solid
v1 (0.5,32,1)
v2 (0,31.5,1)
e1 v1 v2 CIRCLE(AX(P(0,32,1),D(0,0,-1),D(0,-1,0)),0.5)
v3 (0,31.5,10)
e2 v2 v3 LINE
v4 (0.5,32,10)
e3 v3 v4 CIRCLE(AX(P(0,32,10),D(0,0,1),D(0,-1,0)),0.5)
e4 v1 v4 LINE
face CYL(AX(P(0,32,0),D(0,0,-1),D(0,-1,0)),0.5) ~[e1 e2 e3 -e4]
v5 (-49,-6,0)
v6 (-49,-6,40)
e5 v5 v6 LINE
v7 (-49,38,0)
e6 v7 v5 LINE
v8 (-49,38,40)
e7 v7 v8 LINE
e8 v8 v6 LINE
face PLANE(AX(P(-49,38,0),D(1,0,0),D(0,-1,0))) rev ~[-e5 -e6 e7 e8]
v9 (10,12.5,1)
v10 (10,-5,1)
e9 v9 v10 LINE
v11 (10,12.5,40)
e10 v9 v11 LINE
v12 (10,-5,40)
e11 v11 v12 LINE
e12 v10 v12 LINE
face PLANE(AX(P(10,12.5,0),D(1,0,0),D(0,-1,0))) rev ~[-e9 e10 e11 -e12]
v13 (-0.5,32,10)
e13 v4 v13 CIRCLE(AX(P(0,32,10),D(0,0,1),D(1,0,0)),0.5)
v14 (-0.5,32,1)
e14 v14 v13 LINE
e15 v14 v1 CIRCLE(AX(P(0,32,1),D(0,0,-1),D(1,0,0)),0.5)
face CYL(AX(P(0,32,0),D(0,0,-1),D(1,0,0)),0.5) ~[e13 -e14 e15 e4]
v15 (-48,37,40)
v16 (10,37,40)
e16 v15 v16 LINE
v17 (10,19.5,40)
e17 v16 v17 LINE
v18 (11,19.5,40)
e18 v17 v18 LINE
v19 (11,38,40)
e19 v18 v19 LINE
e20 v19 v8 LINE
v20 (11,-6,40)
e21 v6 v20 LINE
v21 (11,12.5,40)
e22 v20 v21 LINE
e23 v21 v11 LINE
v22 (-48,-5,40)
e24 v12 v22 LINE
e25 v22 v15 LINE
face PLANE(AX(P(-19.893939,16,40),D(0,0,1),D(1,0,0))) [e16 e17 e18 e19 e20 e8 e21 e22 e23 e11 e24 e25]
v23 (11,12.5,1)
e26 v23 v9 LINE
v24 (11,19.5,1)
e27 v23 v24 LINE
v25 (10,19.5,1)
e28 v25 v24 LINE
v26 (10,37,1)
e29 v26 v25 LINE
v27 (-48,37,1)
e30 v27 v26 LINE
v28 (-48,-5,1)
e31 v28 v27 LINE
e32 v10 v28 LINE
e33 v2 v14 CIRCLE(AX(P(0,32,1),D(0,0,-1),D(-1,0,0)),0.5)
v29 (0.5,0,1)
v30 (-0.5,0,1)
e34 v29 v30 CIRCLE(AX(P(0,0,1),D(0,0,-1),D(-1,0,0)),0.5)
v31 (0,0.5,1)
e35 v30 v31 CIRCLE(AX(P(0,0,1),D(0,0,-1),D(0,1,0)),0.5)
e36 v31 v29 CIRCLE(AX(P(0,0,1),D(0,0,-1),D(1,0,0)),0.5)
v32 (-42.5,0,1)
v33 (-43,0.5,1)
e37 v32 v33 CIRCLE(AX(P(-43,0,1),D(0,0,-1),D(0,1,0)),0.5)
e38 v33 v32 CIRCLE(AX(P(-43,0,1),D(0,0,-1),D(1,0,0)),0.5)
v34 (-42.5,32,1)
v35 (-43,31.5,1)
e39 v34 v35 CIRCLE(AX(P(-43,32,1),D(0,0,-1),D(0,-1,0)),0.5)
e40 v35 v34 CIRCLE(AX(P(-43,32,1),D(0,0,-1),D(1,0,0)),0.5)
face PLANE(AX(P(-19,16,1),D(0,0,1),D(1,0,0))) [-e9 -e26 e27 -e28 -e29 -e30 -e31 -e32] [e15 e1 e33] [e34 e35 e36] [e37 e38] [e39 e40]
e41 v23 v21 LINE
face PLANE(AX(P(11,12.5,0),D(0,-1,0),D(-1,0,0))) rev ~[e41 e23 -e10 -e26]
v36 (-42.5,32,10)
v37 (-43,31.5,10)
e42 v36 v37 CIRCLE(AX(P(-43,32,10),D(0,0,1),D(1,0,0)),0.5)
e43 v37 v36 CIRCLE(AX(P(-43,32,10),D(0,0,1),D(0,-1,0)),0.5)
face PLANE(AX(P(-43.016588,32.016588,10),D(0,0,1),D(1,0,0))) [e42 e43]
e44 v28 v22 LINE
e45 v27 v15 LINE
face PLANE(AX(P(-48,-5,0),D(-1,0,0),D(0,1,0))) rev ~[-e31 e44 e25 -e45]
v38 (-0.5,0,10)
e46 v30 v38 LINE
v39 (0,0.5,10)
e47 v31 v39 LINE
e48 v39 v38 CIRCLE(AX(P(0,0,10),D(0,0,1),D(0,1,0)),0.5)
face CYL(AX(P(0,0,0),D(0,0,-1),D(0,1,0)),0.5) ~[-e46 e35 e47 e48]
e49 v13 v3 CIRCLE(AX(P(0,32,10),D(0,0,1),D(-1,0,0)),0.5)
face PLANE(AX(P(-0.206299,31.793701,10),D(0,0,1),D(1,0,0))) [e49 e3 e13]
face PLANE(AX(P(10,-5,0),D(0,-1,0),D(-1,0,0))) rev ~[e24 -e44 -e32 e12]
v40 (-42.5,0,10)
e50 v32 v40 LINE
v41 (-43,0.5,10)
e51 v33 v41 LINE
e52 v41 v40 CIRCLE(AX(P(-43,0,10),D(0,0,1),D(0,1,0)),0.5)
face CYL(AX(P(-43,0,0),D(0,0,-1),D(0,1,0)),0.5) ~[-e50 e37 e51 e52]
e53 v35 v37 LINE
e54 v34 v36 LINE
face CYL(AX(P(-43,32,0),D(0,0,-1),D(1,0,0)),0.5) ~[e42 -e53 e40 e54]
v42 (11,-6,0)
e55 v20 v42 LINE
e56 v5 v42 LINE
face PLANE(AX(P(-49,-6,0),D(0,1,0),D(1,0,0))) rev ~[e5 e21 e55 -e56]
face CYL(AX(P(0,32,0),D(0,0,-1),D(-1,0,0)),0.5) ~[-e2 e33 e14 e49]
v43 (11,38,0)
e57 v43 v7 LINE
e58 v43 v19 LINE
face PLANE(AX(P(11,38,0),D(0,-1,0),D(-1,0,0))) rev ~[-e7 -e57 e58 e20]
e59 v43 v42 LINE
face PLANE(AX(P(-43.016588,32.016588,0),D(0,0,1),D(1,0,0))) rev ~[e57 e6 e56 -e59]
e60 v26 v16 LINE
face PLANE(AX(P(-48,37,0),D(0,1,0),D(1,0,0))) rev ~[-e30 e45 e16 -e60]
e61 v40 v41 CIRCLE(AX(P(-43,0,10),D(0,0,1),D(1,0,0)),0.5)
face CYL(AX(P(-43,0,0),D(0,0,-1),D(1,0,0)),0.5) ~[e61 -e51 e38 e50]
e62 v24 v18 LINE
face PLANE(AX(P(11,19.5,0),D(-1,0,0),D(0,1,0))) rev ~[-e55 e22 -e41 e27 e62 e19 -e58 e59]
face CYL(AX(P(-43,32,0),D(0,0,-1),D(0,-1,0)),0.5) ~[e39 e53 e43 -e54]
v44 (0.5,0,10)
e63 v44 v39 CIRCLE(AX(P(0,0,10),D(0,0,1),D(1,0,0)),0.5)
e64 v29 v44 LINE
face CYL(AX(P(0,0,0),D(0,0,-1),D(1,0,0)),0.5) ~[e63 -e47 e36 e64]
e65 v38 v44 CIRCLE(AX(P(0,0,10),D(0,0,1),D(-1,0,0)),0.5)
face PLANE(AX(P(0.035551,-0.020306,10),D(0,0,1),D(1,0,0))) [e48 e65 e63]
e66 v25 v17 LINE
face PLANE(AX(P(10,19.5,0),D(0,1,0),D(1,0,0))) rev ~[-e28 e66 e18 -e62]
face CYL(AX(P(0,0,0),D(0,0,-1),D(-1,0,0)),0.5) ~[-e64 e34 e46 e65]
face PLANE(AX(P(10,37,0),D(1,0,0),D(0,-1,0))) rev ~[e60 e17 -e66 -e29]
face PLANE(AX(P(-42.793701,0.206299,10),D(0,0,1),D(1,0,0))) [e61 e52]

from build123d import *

# Parameters (mm, degrees)
F1_DEPTH = 40
F0_W     = 1
F0_H     = 7
F2_DEPTH = 1
F3_DEPTH = 10


with BuildPart() as f1:
    # F0 (on Top) → F1 (new body)
    with BuildSketch(Plane.XY):
        Polygon((10, -5), (-48, -5), (-48, 37), (10, 37), (10, 19.5), (11, 19.5), (11, 38), (-49, 38), (-49, -6), (11, -6), (11, 12.5), (10, 12.5), align=None)
    extrude(amount=F1_DEPTH)

    # F0 (on Top) → F2 (join)
    with BuildSketch(Plane.XY):
        Polygon((-48, 37), (-48, -5), (10, -5), (10, 12.5), (10, 19.5), (10, 37), align=None)
        with BuildLine():
            Line((-0.5, 0), (-42.5, 0))
            ThreePointArc((-42.5, 0), (-43.3535533906, -0.3535533906), (-43, 0.5))
            Line((-43, 0.5), (-43, 31.5))
            ThreePointArc((-43, 31.5), (-43.3535533906, 32.3535533906), (-42.5, 32))
            Line((-42.5, 32), (-0.5, 32))
            ThreePointArc((-0.5, 32), (0, 32.5), (0.5, 32))
            ThreePointArc((0.5, 32), (0.3535533906, 31.6464466094), (0, 31.5))
            Line((0, 31.5), (0, 0.5))
            ThreePointArc((0, 0.5), (0.3535533906, 0.3535533906), (0.5, 0))
            ThreePointArc((0.5, 0), (0, -0.5), (-0.5, 0))
        make_face(mode=Mode.SUBTRACT)
        with BuildLine():
            ThreePointArc((-43, 0.5), (-42.6464466094, 0.3535533906), (-42.5, 0))
            Line((-42.5, 0), (-0.5, 0))
            ThreePointArc((-0.5, 0), (-0.3535533906, 0.3535533906), (0, 0.5))
            Line((0, 0.5), (0, 31.5))
            ThreePointArc((0, 31.5), (-0.3535533906, 31.6464466094), (-0.5, 32))
            Line((-0.5, 32), (-42.5, 32))
            ThreePointArc((-42.5, 32), (-42.6464466094, 31.6464466094), (-43, 31.5))
            Line((-43, 31.5), (-43, 0.5))
        make_face()
        Polygon((10, -5), (-48, -5), (-48, 37), (10, 37), (10, 19.5), (11, 19.5), (11, 38), (-49, 38), (-49, -6), (11, -6), (11, 12.5), (10, 12.5), align=None)
        with Locations((10.5, 16)):
            Rectangle(F0_W, F0_H)
        with BuildLine():
            Line((-42.5, 0), (-43, 0))
            Line((-43, 0), (-43, 0.5))
            ThreePointArc((-43, 0.5), (-43.3535533906, -0.3535533906), (-42.5, 0))
        make_face()
        with BuildLine():
            Line((0, 0), (-0.5, 0))
            ThreePointArc((-0.5, 0), (0, -0.5), (0.5, 0))
            ThreePointArc((0.5, 0), (0.3535533906, 0.3535533906), (0, 0.5))
            Line((0, 0.5), (0, 0))
        make_face()
        with BuildLine():
            Line((0, 32), (0, 31.5))
            ThreePointArc((0, 31.5), (0.3535533906, 31.6464466094), (0.5, 32))
            ThreePointArc((0.5, 32), (0, 32.5), (-0.5, 32))
            Line((-0.5, 32), (0, 32))
        make_face()
        with BuildLine():
            ThreePointArc((-42.5, 32), (-43.3535533906, 32.3535533906), (-43, 31.5))
            Line((-43, 31.5), (-43, 32))
            Line((-43, 32), (-42.5, 32))
        make_face()
        with BuildLine():
            Line((-43, 0.5), (-43, 0))
            Line((-43, 0), (-42.5, 0))
            ThreePointArc((-42.5, 0), (-42.6464466094, 0.3535533906), (-43, 0.5))
        make_face()
        with BuildLine():
            ThreePointArc((0, 0.5), (-0.3535533906, 0.3535533906), (-0.5, 0))
            Line((-0.5, 0), (0, 0))
            Line((0, 0), (0, 0.5))
        make_face()
        with BuildLine():
            ThreePointArc((-0.5, 32), (-0.3535533906, 31.6464466094), (0, 31.5))
            Line((0, 31.5), (0, 32))
            Line((0, 32), (-0.5, 32))
        make_face()
        with BuildLine():
            Line((-43, 32), (-43, 31.5))
            ThreePointArc((-43, 31.5), (-42.6464466094, 31.6464466094), (-42.5, 32))
            Line((-42.5, 32), (-43, 32))
        make_face()
    extrude(amount=F2_DEPTH)

    # F0 (on Top) → F3 (join)
    with BuildSketch(Plane.XY):
        with BuildLine():
            ThreePointArc((-42.5, 32), (-43.3535533906, 32.3535533906), (-43, 31.5))
            Line((-43, 31.5), (-43, 32))
            Line((-43, 32), (-42.5, 32))
        make_face()
        with BuildLine():
            Line((-43, 32), (-43, 31.5))
            ThreePointArc((-43, 31.5), (-42.6464466094, 31.6464466094), (-42.5, 32))
            Line((-42.5, 32), (-43, 32))
        make_face()
        with BuildLine():
            ThreePointArc((-0.5, 32), (-0.3535533906, 31.6464466094), (0, 31.5))
            Line((0, 31.5), (0, 32))
            Line((0, 32), (-0.5, 32))
        make_face()
        with BuildLine():
            Line((0, 32), (0, 31.5))
            ThreePointArc((0, 31.5), (0.3535533906, 31.6464466094), (0.5, 32))
            ThreePointArc((0.5, 32), (0, 32.5), (-0.5, 32))
            Line((-0.5, 32), (0, 32))
        make_face()
        with BuildLine():
            Line((0, 0), (-0.5, 0))
            ThreePointArc((-0.5, 0), (0, -0.5), (0.5, 0))
            ThreePointArc((0.5, 0), (0.3535533906, 0.3535533906), (0, 0.5))
            Line((0, 0.5), (0, 0))
        make_face()
        with BuildLine():
            ThreePointArc((0, 0.5), (-0.3535533906, 0.3535533906), (-0.5, 0))
            Line((-0.5, 0), (0, 0))
            Line((0, 0), (0, 0.5))
        make_face()
        with BuildLine():
            Line((-43, 0.5), (-43, 0))
            Line((-43, 0), (-42.5, 0))
            ThreePointArc((-42.5, 0), (-42.6464466094, 0.3535533906), (-43, 0.5))
        make_face()
        with BuildLine():
            Line((-42.5, 0), (-43, 0))
            Line((-43, 0), (-43, 0.5))
            ThreePointArc((-43, 0.5), (-43.3535533906, -0.3535533906), (-42.5, 0))
        make_face()
    extrude(amount=F3_DEPTH)


solid = f1.part
